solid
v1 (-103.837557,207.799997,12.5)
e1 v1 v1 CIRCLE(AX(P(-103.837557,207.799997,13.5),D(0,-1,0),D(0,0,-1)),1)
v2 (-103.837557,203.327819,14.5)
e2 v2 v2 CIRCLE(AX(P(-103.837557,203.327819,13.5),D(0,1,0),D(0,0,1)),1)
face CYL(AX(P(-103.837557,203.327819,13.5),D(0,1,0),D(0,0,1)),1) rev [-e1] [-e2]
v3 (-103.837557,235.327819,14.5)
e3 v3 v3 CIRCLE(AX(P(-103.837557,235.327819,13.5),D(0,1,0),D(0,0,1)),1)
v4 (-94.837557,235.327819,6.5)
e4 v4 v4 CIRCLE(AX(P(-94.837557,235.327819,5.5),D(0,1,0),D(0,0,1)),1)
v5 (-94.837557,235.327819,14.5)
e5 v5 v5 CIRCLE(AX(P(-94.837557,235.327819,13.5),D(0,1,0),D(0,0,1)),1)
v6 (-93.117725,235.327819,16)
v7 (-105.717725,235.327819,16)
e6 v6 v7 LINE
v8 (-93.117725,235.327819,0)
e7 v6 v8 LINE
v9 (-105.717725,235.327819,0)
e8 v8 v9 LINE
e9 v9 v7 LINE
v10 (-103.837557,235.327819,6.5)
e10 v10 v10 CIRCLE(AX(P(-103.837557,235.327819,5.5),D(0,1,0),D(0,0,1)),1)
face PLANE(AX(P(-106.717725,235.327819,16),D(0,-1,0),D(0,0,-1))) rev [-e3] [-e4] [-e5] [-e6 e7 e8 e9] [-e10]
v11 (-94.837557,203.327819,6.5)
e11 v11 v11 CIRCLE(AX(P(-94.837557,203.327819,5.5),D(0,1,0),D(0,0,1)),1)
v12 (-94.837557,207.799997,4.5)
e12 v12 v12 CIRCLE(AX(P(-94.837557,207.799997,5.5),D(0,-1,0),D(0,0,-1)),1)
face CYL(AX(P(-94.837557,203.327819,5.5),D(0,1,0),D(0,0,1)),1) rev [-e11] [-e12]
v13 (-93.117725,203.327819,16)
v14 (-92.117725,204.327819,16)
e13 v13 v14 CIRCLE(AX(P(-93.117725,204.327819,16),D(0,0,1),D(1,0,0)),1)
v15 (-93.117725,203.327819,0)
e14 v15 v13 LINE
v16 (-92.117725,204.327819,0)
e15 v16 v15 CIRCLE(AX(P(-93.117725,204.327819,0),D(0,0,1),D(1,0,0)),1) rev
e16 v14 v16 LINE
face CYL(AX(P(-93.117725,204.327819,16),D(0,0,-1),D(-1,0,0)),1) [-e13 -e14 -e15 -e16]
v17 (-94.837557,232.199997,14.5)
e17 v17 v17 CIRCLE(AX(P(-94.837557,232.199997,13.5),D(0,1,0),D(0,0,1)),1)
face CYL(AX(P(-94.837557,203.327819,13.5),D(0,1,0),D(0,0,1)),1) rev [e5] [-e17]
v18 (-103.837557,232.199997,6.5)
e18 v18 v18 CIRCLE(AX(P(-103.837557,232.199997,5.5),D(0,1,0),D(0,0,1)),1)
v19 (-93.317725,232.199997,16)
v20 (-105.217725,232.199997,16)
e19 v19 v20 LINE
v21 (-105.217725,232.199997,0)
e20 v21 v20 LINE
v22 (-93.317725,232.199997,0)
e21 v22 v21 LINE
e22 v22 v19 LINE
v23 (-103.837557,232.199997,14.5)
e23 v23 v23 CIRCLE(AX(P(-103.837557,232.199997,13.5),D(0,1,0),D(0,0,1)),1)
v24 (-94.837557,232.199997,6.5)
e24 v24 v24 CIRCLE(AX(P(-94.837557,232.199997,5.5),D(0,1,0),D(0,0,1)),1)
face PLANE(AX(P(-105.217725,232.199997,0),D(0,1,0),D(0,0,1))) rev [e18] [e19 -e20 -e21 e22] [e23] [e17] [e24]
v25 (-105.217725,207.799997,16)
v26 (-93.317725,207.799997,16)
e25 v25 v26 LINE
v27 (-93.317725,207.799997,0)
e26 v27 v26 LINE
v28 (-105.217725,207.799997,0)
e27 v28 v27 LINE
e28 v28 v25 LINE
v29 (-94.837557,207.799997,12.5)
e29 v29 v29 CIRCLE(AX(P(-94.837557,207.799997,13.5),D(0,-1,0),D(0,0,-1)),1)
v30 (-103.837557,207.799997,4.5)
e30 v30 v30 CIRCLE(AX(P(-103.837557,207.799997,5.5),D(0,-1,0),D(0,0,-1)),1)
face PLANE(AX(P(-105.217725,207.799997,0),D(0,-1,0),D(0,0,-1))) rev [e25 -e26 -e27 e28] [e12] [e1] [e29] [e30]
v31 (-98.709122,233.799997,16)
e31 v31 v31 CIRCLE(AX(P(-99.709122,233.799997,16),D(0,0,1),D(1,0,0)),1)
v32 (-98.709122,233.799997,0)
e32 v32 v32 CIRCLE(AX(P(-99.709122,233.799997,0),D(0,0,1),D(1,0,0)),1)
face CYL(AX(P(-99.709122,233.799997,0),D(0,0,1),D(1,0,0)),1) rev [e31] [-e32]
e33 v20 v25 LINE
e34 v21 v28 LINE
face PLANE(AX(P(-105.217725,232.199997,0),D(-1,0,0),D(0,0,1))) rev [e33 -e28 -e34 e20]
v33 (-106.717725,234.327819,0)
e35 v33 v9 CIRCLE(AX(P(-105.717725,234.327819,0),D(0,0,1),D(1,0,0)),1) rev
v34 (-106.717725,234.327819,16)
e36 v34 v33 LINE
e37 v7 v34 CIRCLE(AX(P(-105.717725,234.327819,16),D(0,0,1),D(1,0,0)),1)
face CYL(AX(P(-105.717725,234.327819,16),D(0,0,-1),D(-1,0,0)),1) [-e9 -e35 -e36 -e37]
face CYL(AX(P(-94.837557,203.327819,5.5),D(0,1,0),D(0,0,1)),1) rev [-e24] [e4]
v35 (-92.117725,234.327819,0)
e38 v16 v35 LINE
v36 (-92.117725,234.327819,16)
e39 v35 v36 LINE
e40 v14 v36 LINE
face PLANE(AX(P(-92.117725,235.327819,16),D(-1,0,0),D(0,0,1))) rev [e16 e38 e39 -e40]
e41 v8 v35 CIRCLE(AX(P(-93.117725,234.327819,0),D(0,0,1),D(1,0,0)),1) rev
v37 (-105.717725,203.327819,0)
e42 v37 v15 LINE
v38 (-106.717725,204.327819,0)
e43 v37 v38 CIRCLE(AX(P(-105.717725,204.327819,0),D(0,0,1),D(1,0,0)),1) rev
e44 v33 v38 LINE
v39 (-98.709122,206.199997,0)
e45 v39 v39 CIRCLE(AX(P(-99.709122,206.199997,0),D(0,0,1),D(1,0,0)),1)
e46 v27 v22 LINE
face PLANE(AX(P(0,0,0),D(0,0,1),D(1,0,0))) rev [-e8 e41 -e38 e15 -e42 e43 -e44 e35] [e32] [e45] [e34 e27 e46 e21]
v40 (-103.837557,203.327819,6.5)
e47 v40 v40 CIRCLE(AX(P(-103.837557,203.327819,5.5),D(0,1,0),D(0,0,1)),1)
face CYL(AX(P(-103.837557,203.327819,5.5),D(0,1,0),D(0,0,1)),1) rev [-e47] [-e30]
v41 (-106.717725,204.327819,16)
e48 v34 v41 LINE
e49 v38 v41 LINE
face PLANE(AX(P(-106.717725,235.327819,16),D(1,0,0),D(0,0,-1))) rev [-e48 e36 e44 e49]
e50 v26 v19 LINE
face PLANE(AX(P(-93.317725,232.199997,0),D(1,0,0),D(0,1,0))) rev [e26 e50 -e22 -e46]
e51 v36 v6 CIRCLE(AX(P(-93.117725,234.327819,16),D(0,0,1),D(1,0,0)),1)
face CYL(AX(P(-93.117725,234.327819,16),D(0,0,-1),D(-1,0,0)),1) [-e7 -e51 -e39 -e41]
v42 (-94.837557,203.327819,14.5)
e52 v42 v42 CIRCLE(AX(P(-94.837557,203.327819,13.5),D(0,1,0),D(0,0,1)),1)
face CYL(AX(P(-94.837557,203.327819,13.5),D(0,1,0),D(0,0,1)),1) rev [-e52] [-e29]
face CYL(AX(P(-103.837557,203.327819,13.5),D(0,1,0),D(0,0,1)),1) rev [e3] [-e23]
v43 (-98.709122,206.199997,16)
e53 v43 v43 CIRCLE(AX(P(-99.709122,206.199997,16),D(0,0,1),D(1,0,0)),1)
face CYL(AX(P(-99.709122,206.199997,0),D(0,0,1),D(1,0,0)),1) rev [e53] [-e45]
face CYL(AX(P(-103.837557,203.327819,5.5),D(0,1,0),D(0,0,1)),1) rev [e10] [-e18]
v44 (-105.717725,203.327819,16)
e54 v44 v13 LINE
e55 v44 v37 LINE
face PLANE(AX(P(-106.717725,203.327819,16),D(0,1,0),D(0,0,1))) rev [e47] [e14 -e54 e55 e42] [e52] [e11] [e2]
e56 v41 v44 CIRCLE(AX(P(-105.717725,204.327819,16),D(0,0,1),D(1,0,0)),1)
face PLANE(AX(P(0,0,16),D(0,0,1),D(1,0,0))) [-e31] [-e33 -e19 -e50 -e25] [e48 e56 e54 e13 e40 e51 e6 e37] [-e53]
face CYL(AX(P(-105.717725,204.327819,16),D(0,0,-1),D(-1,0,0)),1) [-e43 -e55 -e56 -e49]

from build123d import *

# Parameters (mm, degrees)
SKETCH2_W           = 14.6
SKETCH2_H           = 32
BOSS_EXTRUDE1_DEPTH = 16
FILLET1_R           = 1
SKETCH3_W           = 11.9
SKETCH3_H           = 24.4
CUT_EXTRUDE1_DEPTH  = 16
SKETCH4_R           = 1
CUT_EXTRUDE2_DEPTH  = 16
SKETCH5_R           = 1
CUT_EXTRUDE3_DEPTH  = 113.555199241


with BuildPart() as part:
    # Sketch2 → Boss-Extrude1 (new body)
    with BuildSketch(Plane.XY):
        with Locations((-99.41772522, 219.327818509)):
            Rectangle(SKETCH2_W, SKETCH2_H)
    extrude(amount=BOSS_EXTRUDE1_DEPTH)

    # Fillet1
    fillet1_edges = [part.edges().sort_by_distance(p)[0] for p in [
        (-106.71772522, 235.327818509, 8),
        (-92.11772522, 235.327818509, 8),
        (-92.11772522, 203.327818509, 8),
        (-106.71772522, 203.327818509, 8),
    ]]
    fillet(fillet1_edges, radius=FILLET1_R)

    # Sketch3 → Cut-Extrude1 (cut)
    with BuildSketch(Plane.XY.offset(16)):
        with Locations((-99.26772522, 219.999996948)):
            Rectangle(SKETCH3_W, SKETCH3_H)
    extrude(amount=-CUT_EXTRUDE1_DEPTH, mode=Mode.SUBTRACT)

    # Sketch4 → Cut-Extrude2 (cut)
    with BuildSketch(Plane.XY.offset(16)):
        with Locations((-99.709122305, 233.799996948)):
            Circle(SKETCH4_R)
        with Locations((-99.709122305, 206.199996948)):
            Circle(SKETCH4_R)
    extrude(amount=-CUT_EXTRUDE2_DEPTH, mode=Mode.SUBTRACT)

    # Sketch5 → Cut-Extrude3 (cut, through all)
    with BuildSketch(Plane(origin=(0, 235.327818509, 0), x_dir=(1, 0, 0), z_dir=(0, 1, 0))):
        with Locations(Location((-103.837557169, -5.5, 0), (0, 0, 270))):
            Circle(SKETCH5_R)
        with Locations(Location((-94.837557169, -5.5, 0), (0, 0, 270))):
            Circle(SKETCH5_R)
        with Locations(Location((-94.837557169, -13.5, 0), (0, 0, 270))):
            Circle(SKETCH5_R)
        with Locations(Location((-103.837557169, -13.5, 0), (0, 0, 270))):
            Circle(SKETCH5_R)
    extrude(amount=-CUT_EXTRUDE3_DEPTH, mode=Mode.SUBTRACT)


solid = part.part
